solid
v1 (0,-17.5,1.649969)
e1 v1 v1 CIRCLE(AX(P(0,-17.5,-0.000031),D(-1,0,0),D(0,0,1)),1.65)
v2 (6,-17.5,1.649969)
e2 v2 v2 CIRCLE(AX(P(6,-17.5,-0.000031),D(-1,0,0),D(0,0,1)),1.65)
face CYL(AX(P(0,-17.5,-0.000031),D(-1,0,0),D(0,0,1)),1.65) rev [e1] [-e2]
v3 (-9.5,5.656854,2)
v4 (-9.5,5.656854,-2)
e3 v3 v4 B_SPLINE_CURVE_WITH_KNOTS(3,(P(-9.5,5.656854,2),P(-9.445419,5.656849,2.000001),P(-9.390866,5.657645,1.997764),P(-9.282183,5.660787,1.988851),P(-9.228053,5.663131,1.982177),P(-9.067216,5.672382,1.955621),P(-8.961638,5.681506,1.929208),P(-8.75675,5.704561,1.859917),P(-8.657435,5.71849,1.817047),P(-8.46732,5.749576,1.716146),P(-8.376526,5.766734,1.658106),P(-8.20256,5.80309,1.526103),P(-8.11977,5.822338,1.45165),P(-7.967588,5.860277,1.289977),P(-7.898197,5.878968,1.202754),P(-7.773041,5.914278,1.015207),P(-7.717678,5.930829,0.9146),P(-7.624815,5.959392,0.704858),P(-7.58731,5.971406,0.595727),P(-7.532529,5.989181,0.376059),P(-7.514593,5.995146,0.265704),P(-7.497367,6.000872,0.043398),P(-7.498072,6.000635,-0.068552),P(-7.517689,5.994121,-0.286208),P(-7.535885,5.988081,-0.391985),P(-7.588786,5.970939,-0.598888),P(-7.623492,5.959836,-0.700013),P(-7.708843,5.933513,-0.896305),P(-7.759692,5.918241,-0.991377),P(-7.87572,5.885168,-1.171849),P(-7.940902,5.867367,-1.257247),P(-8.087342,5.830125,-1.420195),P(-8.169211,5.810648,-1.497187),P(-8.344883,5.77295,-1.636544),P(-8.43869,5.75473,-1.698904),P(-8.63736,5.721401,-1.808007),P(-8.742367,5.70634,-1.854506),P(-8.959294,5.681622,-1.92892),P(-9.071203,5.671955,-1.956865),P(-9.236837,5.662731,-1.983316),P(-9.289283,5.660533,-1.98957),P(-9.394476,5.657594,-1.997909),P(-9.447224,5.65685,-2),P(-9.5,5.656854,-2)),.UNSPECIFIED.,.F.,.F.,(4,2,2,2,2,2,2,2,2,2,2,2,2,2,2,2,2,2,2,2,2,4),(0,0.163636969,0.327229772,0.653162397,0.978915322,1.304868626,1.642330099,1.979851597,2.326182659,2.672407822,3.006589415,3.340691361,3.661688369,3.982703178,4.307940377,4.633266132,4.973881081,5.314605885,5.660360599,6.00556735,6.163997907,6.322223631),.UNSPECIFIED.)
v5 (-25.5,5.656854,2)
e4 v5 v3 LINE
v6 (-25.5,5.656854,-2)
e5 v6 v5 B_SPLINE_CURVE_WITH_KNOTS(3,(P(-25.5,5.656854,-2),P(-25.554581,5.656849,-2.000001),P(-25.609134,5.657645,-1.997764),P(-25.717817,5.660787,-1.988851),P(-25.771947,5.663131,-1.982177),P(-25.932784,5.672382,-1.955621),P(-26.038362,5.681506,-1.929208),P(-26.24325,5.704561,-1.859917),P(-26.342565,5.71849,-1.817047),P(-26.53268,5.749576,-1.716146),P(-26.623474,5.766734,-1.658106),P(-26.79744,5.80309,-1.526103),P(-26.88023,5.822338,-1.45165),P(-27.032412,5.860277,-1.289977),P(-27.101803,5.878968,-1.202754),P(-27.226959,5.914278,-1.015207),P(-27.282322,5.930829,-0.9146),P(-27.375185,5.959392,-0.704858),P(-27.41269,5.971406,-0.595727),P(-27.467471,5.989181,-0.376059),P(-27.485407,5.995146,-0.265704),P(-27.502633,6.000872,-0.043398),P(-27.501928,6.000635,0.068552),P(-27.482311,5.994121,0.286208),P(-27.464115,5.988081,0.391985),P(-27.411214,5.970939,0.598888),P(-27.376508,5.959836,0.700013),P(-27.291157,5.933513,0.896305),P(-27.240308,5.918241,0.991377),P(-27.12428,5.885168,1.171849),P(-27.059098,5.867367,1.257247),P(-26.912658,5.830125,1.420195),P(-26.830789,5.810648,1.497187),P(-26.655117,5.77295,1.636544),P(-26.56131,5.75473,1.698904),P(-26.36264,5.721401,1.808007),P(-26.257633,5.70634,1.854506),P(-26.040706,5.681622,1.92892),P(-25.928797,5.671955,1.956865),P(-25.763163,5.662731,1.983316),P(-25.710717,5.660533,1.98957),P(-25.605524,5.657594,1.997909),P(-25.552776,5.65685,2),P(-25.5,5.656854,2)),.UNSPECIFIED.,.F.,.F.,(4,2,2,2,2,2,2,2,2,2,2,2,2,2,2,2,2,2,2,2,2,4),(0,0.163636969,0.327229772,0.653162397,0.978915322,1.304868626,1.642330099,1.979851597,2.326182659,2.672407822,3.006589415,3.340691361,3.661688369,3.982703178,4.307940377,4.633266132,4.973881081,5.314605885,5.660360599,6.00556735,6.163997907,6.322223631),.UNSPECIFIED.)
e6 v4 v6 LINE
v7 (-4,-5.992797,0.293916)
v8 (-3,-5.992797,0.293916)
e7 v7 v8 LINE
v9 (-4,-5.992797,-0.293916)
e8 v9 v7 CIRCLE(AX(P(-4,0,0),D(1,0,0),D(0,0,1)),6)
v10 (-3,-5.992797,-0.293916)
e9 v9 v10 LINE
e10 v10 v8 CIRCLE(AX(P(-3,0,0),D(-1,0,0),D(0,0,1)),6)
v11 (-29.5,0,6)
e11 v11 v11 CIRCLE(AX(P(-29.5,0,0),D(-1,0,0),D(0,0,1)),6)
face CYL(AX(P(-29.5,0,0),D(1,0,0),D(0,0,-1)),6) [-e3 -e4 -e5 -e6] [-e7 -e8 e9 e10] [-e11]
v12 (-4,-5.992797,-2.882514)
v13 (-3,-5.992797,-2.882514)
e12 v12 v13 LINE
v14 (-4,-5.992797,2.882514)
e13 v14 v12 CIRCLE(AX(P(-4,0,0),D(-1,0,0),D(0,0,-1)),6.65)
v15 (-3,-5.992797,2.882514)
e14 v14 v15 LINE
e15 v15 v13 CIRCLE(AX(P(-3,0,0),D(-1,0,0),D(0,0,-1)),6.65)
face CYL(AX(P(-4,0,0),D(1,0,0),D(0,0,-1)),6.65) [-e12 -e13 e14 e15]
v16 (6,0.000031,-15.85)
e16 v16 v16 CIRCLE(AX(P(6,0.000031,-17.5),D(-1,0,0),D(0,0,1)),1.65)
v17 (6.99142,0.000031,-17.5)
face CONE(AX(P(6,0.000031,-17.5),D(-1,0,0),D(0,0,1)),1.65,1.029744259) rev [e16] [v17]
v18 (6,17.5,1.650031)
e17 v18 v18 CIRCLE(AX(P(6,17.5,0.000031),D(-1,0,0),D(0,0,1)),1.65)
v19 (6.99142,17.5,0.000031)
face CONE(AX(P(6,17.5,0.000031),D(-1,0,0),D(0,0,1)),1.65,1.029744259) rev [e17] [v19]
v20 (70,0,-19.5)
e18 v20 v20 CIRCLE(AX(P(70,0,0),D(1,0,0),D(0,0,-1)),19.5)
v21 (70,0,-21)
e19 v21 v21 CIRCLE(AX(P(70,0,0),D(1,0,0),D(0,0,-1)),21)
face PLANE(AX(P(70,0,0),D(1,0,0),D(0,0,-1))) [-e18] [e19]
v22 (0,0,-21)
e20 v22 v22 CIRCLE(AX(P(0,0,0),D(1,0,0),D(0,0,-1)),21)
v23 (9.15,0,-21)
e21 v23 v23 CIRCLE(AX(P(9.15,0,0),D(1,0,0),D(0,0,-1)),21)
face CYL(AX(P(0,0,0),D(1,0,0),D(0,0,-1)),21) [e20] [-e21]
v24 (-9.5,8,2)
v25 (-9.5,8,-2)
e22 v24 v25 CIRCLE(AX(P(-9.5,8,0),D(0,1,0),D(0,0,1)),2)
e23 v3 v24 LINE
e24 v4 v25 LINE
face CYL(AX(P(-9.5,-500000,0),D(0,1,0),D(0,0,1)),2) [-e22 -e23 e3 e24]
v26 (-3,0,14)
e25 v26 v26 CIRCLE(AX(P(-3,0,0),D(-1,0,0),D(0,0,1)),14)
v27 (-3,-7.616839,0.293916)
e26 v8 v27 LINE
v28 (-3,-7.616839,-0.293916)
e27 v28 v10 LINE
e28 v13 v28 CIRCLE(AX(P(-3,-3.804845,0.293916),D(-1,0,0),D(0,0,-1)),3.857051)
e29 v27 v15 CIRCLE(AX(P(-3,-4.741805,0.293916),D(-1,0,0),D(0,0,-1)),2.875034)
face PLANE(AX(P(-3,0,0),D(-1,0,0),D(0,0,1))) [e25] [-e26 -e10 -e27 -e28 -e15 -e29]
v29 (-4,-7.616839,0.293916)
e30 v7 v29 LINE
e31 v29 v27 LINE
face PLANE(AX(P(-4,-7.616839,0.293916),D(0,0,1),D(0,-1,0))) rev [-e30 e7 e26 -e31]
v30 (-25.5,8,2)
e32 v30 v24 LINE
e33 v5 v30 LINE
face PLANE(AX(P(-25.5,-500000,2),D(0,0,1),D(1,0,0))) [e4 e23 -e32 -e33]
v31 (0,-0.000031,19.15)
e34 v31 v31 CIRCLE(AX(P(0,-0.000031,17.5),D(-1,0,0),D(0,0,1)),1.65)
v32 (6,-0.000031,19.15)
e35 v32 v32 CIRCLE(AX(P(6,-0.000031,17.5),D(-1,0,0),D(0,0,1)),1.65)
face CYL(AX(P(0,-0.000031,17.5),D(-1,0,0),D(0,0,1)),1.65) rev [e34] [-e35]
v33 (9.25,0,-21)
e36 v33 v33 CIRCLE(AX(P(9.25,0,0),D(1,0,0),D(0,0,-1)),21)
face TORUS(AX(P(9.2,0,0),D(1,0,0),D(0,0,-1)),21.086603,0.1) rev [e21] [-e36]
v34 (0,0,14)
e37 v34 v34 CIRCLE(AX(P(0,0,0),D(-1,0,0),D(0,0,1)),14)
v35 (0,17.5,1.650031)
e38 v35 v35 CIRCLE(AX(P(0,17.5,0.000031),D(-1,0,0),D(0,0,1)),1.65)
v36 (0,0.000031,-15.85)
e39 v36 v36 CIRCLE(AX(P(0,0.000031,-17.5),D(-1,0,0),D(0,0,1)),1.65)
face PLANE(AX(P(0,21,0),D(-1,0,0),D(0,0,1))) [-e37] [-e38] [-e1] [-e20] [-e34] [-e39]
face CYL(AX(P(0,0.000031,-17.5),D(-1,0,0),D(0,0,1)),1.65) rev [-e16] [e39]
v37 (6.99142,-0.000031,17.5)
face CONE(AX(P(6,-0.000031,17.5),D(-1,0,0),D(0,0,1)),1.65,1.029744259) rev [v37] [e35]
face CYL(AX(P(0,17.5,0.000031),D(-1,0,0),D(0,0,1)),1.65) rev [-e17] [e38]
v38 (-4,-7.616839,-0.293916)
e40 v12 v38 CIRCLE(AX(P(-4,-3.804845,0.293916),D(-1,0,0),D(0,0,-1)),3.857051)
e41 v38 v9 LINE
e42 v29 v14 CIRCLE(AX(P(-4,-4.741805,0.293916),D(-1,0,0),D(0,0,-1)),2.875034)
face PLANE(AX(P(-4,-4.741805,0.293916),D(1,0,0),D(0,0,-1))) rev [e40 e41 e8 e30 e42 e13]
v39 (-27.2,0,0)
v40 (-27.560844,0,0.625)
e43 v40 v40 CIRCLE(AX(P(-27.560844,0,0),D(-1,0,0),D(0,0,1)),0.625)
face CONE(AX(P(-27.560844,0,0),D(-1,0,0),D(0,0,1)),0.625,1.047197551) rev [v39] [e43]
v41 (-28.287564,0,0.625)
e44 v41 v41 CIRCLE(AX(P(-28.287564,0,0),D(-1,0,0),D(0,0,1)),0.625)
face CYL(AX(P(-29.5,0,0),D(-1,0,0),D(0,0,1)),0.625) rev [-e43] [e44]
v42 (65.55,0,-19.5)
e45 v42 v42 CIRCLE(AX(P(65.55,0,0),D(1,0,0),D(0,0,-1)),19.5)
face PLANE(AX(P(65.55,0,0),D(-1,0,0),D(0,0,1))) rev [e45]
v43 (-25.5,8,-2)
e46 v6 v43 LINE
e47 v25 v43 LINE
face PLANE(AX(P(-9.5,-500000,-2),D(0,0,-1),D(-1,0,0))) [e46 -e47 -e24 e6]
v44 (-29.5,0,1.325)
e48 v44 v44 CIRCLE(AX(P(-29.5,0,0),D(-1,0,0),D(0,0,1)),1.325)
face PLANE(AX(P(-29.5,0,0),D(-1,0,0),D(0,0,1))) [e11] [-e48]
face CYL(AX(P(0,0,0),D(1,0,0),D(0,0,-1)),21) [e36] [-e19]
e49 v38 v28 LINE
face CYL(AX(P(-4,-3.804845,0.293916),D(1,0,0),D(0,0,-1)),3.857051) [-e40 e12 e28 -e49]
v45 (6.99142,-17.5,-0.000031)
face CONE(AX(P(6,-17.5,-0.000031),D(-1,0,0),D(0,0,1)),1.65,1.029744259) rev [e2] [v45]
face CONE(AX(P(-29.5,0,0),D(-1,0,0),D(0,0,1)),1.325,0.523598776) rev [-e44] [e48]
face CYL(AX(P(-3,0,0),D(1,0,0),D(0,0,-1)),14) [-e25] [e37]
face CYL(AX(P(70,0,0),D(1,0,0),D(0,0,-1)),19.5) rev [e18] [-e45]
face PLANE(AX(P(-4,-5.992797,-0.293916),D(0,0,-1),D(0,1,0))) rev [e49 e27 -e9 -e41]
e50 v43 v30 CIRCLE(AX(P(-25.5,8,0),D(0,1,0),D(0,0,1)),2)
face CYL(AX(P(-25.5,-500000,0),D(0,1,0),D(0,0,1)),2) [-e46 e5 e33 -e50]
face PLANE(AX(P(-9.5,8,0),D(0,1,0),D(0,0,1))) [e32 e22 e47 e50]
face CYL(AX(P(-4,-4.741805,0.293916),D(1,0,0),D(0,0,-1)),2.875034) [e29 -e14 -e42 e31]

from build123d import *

# Parameters (mm, degrees)
SKETCH2_R                = 14
BOSS_EXTRUDE1_DEPTH      = 3
SKETCH3_R                = 6
BOSS_EXTRUDE2_DEPTH      = 26.5
BOSS_EXTRUDE3_DEPTH      = 1
BOSS_EXTRUDE4_REACH      = 80.626
BOSS_EXTRUDE4_END_RADIUS = 6
HOLE1_D                  = 39
HOLE1_DEPTH              = 4.45
HOLE2_D                  = 3.3
HOLE2_DEPTH              = 6
HOLE2_TIP                = 0.991420021
HOLE3_D                  = 3.3
HOLE3_DEPTH              = 6
HOLE3_TIP                = 0.991420021
HOLE4_D                  = 3.3
HOLE4_DEPTH              = 6
HOLE4_TIP                = 0.991420021
HOLE5_D                  = 3.3
HOLE5_DEPTH              = 6
HOLE5_TIP                = 0.991420021
HOLE6_D                  = 1.25
HOLE6_DEPTH              = 1.939156082
HOLE6_CSINK_D            = 2.65
HOLE6_CSINK_ANGLE        = 60
HOLE6_TIP                = 0.360843918


with BuildPart() as part:
    # Sketch1 → Revolve1 (revolve)
    with BuildSketch(Plane.XY, mode=Mode.PRIVATE) as revolve1_sk:
        with BuildLine():
            Line((0, 21), (0, 0))
            Line((0, 0), (70, 0))
            Line((70, 0), (70, 21))
            Line((70, 21), (9.25, 21))
            ThreePointArc((9.25, 21), (9.2, 20.98660254), (9.15, 21))
            Line((9.15, 21), (0, 21))
        make_face()
    revolve(revolve1_sk.sketch.rotate(Axis((0, 0, 0), (1, 0, 0)), 270), axis=Axis((0, 0, 0), (1, 0, 0)))

    # Sketch2 → Boss-Extrude1 (add)
    with BuildSketch(Plane.ZY):
        Circle(SKETCH2_R)
    extrude(amount=BOSS_EXTRUDE1_DEPTH)

    # Sketch3 → Boss-Extrude2 (add)
    with BuildSketch(Plane.ZY.offset(3)):
        Circle(SKETCH3_R)
    extrude(amount=BOSS_EXTRUDE2_DEPTH)

    # Sketch4 → Boss-Extrude3 (add)
    with BuildSketch(Plane.ZY.offset(3)):
        with BuildLine():
            Line((0.293916284, -7.616838781), (0.293916284, -5.992796778))
            ThreePointArc((0.293916284, -5.992796778), (0, 6), (-0.293916284, -5.992796778))
            Line((-0.293916284, -5.992796778), (-0.293916284, -7.616838781))
            ThreePointArc((-0.293916284, -7.616838781), (-1.755912185, -7.072113956), (-2.882513969, -5.992796778))
            ThreePointArc((-2.882513969, -5.992796778), (0, 6.65), (2.882513969, -5.992796778))
            ThreePointArc((2.882513969, -5.992796778), (1.821852016, -7.17721696), (0.293916284, -7.616838781))
        make_face()
    extrude(amount=BOSS_EXTRUDE3_DEPTH)

    # Boss-Extrude4: up to this cylinder (the profile starts outside it)
    boss_extrude4_end = Plane(origin=(-17.5, 0, 0), z_dir=(1, 0, 0)) * Cylinder(BOSS_EXTRUDE4_END_RADIUS, 174.252, mode=Mode.PRIVATE)
    # Sketch5 → Boss-Extrude4 (add, up to the surface)
    with BuildSketch(Plane(origin=(0, 8, 0), x_dir=(-1, 0, 0), z_dir=(0, 1, 0)), mode=Mode.PRIVATE) as boss_extrude4_sk1:
        with BuildLine():
            Line((9.5, -2), (25.5, -2))
            ThreePointArc((25.5, -2), (27.5, 0), (25.5, 2))
            Line((25.5, 2), (9.5, 2))
            ThreePointArc((9.5, 2), (7.5, 0), (9.5, -2))
        make_face()
    boss_extrude4_tool1 = extrude(boss_extrude4_sk1.sketch, amount=-BOSS_EXTRUDE4_REACH, mode=Mode.PRIVATE) - boss_extrude4_end
    add(boss_extrude4_tool1.solids().sort_by_distance((-17.5, 8, 0))[0])

    # Hole1
    with Locations(Plane(origin=(70, 0, 0), x_dir=(0, 0, -1), z_dir=(1, 0, 0))):
        with Locations((0, 0)):
            Hole(HOLE1_D / 2, depth=HOLE1_DEPTH)

    # Hole2
    with Locations(Plane.ZY):
        with Locations((-17.5, 3.0543e-05)):
            Hole(HOLE2_D / 2, depth=HOLE2_DEPTH)
            with Locations((0, 0, -(HOLE2_DEPTH + HOLE2_TIP / 2))):  # 118° drill point
                Cone(0, HOLE2_D / 2, HOLE2_TIP, mode=Mode.SUBTRACT)

    # Hole3
    with Locations(Plane.ZY):
        with Locations((-3.0543e-05, -17.5)):
            Hole(HOLE3_D / 2, depth=HOLE3_DEPTH)
            with Locations((0, 0, -(HOLE3_DEPTH + HOLE3_TIP / 2))):  # 118° drill point
                Cone(0, HOLE3_D / 2, HOLE3_TIP, mode=Mode.SUBTRACT)

    # Hole4
    with Locations(Plane.ZY):
        with Locations((17.5, -3.0543e-05)):
            Hole(HOLE4_D / 2, depth=HOLE4_DEPTH)
            with Locations((0, 0, -(HOLE4_DEPTH + HOLE4_TIP / 2))):  # 118° drill point
                Cone(0, HOLE4_D / 2, HOLE4_TIP, mode=Mode.SUBTRACT)

    # Hole5
    with Locations(Plane.ZY):
        with Locations((3.0543e-05, 17.5)):
            Hole(HOLE5_D / 2, depth=HOLE5_DEPTH)
            with Locations((0, 0, -(HOLE5_DEPTH + HOLE5_TIP / 2))):  # 118° drill point
                Cone(0, HOLE5_D / 2, HOLE5_TIP, mode=Mode.SUBTRACT)

    # Hole6
    with Locations(Plane.ZY.offset(29.5)):
        with Locations((0, 0)):
            CounterSinkHole(HOLE6_D / 2, HOLE6_CSINK_D / 2, depth=HOLE6_DEPTH, counter_sink_angle=HOLE6_CSINK_ANGLE)
            with Locations((0, 0, -(HOLE6_DEPTH + HOLE6_TIP / 2))):  # 120° drill point
                Cone(0, HOLE6_D / 2, HOLE6_TIP, mode=Mode.SUBTRACT)


solid = part.part
